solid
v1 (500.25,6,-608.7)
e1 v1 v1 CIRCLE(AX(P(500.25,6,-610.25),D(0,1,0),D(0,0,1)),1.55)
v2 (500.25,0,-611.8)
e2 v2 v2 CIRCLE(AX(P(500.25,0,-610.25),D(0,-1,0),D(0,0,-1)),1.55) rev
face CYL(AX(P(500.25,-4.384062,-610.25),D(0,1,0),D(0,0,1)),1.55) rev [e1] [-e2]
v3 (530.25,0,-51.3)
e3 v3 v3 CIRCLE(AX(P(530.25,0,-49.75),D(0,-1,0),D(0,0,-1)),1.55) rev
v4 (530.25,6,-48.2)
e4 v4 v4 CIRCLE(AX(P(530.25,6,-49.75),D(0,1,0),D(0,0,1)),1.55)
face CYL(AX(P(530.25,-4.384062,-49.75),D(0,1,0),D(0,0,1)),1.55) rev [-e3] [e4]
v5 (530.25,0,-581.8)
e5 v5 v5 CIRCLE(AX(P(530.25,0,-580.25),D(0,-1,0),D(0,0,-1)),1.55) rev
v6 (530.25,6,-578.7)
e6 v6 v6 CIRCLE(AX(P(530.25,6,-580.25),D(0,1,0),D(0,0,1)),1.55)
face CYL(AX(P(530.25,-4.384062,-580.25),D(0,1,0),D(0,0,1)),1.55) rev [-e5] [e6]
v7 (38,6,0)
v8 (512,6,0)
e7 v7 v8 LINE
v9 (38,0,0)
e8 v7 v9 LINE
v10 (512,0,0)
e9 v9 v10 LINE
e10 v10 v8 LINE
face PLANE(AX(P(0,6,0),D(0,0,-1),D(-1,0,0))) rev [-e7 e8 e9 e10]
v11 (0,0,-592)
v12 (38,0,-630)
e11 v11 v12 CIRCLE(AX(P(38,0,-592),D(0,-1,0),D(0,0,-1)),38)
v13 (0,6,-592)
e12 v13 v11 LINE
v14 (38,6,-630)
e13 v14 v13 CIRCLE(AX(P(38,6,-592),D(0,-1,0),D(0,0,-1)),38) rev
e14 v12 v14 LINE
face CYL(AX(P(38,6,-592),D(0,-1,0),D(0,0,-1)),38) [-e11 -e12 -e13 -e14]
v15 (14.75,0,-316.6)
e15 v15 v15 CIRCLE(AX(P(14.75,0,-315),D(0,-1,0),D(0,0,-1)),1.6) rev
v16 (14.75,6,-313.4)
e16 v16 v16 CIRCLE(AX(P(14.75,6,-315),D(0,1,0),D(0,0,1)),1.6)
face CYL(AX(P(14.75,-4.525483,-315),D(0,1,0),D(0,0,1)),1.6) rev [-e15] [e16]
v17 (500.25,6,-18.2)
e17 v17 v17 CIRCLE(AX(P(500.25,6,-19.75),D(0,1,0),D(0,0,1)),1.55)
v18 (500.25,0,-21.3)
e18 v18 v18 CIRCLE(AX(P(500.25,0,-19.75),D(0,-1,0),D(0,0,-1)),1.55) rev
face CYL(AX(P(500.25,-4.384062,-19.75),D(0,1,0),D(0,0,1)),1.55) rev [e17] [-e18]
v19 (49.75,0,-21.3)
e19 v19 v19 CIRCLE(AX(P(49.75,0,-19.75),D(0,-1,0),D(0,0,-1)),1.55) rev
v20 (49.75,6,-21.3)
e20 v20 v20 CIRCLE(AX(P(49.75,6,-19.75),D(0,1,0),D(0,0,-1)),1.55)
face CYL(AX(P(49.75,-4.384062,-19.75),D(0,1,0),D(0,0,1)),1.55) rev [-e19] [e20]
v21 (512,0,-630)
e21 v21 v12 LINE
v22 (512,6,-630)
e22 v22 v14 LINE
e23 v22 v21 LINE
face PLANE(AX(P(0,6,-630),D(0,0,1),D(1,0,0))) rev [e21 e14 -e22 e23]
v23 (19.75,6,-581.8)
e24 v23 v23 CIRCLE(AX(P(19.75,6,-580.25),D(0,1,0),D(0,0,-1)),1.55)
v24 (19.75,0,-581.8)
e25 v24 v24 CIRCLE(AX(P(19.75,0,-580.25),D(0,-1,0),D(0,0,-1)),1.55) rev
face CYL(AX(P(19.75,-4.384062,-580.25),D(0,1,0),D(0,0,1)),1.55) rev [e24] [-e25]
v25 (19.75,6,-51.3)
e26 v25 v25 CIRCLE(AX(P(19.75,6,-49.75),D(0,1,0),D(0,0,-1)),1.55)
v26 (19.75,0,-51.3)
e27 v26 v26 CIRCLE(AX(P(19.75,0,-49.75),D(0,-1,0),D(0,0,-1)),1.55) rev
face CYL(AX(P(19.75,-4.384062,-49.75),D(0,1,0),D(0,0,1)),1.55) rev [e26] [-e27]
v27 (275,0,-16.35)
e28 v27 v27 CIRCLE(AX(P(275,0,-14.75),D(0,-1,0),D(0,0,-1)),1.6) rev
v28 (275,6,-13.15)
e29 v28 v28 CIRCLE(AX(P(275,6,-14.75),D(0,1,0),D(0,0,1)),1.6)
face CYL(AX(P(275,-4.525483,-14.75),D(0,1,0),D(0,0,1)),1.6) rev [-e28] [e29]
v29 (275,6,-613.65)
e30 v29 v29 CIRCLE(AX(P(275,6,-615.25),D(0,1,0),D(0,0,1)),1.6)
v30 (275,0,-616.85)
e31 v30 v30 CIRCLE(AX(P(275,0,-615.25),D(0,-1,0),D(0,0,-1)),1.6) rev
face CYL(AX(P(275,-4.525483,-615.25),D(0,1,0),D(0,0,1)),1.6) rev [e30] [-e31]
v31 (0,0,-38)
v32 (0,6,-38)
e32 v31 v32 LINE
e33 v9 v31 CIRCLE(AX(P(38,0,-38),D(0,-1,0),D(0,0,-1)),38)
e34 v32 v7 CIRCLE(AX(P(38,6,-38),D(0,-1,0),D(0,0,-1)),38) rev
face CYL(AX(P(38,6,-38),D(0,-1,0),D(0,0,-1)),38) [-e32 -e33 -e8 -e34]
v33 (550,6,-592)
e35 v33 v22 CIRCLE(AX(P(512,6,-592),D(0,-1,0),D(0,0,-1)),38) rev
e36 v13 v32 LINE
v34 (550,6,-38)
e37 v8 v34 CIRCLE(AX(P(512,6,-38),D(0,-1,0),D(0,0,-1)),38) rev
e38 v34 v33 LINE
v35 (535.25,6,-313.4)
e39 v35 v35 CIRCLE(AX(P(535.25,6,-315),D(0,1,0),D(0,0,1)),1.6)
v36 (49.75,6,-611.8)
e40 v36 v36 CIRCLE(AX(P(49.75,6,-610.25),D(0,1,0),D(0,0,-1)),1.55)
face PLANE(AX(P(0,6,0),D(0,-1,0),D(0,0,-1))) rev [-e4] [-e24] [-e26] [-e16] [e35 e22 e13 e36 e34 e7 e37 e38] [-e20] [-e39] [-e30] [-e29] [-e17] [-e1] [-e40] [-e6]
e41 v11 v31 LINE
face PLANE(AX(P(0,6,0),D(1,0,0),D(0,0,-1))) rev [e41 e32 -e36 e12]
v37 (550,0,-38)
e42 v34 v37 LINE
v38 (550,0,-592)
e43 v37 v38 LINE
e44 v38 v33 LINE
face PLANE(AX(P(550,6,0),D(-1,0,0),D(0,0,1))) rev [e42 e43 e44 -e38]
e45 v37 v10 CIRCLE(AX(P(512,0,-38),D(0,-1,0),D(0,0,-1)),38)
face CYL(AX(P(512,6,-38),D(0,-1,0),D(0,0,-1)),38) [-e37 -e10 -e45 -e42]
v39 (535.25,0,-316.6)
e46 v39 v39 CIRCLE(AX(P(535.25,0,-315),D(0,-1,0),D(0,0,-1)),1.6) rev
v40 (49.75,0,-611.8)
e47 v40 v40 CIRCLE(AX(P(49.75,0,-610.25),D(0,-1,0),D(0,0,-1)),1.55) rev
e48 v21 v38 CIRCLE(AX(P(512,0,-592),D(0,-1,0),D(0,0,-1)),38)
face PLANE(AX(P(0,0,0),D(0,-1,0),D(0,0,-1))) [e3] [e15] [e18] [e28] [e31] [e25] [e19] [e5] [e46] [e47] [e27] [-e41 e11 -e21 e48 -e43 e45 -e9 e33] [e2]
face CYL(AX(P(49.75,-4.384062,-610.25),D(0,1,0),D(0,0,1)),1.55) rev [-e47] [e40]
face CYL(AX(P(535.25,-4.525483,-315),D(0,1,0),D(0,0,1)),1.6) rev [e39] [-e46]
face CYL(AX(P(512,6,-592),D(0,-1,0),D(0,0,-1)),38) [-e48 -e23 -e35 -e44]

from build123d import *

# Parameters (mm, degrees)
CROQUIS1_W              = 550
CROQUIS1_H              = 630
SALIENTE_EXTRUIR1_DEPTH = 6
CROQUIS2_R              = 1.55
CORTAR_EXTRUIR1_DEPTH   = 6
REDONDEO1_R             = 38
CROQUIS3_R              = 1.6
CORTAR_EXTRUIR2_DEPTH   = 6


with BuildPart() as part:
    # Croquis1 → Saliente-Extruir1 (new body)
    with BuildSketch(Plane(origin=(0, 0, 0), x_dir=(1, 0, 0), z_dir=(0, 1, 0))):
        with Locations((275, 315)):
            Rectangle(CROQUIS1_W, CROQUIS1_H)
    extrude(amount=SALIENTE_EXTRUIR1_DEPTH)

    # Croquis2 → Cortar-Extruir1 (cut)
    with BuildSketch(Plane(origin=(0, 6, 0), x_dir=(1, 0, 0), z_dir=(0, 1, 0))):
        with Locations(Location((500.25, 610.25, 0), (0, 0, 270))):
            Circle(CROQUIS2_R)
        with Locations(Location((530.25, 580.25, 0), (0, 0, 270))):
            Circle(CROQUIS2_R)
        with Locations(Location((530.25, 49.75, 0), (0, 0, 270))):
            Circle(CROQUIS2_R)
        with Locations(Location((19.75, 580.25, 0), (0, 0, 90))):
            Circle(CROQUIS2_R)
        with Locations(Location((19.75, 49.75, 0), (0, 0, 90))):
            Circle(CROQUIS2_R)
        with Locations(Location((500.25, 19.75, 0), (0, 0, 270))):
            Circle(CROQUIS2_R)
        with Locations(Location((49.75, 610.25, 0), (0, 0, 90))):
            Circle(CROQUIS2_R)
        with Locations(Location((49.75, 19.75, 0), (0, 0, 90))):
            Circle(CROQUIS2_R)
    extrude(amount=-CORTAR_EXTRUIR1_DEPTH, mode=Mode.SUBTRACT)

    # Redondeo1
    redondeo1_edges = [part.edges().sort_by_distance(p)[0] for p in [
        (0, 3, -630),
        (550, 3, -630),
        (550, 3, 0),
        (0, 3, 0),
    ]]
    fillet(redondeo1_edges, radius=REDONDEO1_R)

    # Croquis3 → Cortar-Extruir2 (cut)
    with BuildSketch(Plane(origin=(0, 6, 0), x_dir=(1, 0, 0), z_dir=(0, 1, 0))):
        with Locations(Location((275, 615.25, 0), (0, 0, 270))):
            Circle(CROQUIS3_R)
        with Locations(Location((14.75, 315, 0), (0, 0, 270))):
            Circle(CROQUIS3_R)
        with Locations(Location((535.25, 315, 0), (0, 0, 270))):
            Circle(CROQUIS3_R)
        with Locations(Location((275, 14.75, 0), (0, 0, 270))):
            Circle(CROQUIS3_R)
    extrude(amount=-CORTAR_EXTRUIR2_DEPTH, mode=Mode.SUBTRACT)


solid = part.part
